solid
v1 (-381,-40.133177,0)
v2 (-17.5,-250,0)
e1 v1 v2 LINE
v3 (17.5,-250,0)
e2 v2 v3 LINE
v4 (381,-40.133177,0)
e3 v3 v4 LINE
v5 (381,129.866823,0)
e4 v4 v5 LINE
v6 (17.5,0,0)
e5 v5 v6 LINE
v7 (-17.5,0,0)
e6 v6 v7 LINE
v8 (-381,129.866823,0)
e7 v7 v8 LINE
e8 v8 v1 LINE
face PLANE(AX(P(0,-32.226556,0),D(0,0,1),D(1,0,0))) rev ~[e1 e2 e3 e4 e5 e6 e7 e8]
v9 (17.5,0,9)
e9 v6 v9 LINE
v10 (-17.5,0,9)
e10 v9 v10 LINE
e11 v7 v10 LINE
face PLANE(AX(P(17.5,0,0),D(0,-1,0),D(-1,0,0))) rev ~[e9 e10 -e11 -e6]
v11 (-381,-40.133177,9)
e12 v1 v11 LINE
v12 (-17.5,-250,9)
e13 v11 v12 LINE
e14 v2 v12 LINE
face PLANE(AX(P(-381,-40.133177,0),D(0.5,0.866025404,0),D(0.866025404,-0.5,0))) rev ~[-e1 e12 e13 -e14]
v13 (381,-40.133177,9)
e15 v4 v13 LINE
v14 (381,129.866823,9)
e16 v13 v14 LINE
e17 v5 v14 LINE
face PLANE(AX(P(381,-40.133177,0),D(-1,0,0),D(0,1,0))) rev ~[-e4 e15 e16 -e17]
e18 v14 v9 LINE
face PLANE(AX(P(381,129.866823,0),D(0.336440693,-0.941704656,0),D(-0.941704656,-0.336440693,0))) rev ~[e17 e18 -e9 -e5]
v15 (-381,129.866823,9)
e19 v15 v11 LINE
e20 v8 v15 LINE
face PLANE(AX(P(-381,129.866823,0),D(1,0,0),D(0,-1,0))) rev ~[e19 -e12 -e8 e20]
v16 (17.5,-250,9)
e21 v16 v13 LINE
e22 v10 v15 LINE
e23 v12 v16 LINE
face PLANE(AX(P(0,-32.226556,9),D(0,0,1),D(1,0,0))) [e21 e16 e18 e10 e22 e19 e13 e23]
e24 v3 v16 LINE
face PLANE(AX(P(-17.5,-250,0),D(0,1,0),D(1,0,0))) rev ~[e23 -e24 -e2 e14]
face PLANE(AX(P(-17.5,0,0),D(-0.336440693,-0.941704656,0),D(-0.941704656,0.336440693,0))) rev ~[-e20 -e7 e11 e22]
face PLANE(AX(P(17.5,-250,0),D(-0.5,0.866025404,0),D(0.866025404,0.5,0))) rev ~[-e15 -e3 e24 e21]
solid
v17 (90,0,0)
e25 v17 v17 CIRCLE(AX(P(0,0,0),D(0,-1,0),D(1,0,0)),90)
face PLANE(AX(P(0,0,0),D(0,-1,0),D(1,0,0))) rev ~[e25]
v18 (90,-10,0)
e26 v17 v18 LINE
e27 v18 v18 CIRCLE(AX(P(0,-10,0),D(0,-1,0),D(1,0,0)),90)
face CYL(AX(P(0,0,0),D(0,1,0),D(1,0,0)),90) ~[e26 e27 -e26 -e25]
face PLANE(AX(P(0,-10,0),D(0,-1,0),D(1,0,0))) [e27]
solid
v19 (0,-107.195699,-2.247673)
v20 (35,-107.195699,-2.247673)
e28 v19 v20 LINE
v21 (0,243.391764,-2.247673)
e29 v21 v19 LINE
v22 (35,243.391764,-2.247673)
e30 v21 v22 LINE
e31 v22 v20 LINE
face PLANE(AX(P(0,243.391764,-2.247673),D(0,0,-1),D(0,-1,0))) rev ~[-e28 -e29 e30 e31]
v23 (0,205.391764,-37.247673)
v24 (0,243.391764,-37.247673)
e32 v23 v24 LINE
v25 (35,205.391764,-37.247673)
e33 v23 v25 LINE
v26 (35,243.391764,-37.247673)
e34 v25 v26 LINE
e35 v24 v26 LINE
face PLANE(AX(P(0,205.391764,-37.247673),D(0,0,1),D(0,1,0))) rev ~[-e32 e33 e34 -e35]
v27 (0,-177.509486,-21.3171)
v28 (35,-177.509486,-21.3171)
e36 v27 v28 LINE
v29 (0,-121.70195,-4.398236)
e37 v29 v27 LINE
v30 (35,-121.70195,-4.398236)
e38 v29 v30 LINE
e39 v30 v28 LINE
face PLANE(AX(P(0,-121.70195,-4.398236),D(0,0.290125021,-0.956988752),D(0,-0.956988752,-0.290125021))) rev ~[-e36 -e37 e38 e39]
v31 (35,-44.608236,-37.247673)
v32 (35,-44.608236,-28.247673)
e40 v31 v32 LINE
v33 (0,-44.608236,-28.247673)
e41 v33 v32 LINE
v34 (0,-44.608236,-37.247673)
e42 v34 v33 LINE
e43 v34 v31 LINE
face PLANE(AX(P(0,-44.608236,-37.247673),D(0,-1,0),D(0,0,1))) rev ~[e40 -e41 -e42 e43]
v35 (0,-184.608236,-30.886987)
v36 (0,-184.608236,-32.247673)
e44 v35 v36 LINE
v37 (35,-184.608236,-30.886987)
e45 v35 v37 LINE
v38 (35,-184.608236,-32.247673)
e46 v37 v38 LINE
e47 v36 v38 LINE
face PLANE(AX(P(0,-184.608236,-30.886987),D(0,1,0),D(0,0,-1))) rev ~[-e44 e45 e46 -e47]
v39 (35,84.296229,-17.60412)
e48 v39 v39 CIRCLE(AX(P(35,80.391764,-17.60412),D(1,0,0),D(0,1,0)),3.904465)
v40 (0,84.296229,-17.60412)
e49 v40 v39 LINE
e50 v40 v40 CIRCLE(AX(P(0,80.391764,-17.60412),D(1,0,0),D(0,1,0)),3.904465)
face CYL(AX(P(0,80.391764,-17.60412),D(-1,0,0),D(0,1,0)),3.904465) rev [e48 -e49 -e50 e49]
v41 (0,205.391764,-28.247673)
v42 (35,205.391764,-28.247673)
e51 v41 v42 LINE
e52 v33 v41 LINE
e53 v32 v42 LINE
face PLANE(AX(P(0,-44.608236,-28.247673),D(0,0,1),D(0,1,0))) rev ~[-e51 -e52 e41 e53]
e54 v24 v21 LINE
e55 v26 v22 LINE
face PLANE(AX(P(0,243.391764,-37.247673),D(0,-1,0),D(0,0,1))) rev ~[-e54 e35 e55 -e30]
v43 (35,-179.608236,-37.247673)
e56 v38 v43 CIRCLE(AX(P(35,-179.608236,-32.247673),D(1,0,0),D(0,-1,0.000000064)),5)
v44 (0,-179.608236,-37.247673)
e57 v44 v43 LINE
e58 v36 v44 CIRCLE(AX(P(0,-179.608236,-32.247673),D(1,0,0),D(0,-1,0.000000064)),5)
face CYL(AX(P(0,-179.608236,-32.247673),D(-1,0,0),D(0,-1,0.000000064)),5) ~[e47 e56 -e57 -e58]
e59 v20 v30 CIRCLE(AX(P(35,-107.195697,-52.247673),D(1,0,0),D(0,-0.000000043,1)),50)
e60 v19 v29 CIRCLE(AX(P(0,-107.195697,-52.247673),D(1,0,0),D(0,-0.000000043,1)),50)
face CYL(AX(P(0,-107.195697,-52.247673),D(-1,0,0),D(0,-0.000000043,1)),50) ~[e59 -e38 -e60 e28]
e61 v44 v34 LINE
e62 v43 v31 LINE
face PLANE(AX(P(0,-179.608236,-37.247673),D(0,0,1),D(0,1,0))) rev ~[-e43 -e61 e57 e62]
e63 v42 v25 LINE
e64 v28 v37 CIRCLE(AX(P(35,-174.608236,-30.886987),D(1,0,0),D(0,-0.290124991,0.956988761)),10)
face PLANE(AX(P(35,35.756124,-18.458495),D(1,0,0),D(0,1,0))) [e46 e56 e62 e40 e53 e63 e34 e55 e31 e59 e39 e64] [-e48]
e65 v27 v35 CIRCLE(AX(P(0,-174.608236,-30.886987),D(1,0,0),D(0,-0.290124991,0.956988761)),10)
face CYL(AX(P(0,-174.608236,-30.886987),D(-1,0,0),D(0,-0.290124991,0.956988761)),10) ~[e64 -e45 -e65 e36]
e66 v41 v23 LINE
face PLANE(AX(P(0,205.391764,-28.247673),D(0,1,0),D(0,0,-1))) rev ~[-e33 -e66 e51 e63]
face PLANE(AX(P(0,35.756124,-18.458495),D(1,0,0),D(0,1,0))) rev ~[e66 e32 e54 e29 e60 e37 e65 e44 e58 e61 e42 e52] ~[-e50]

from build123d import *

# Parameters (mm, degrees)
F1_DEPTH = 9
F2_R     = 90
F3_DEPTH = 10
F4_R     = 3.904465
F5_DEPTH = 35


with BuildPart() as f1:
    # F0 (on Top) → F1 (new body)
    with BuildSketch(Plane.XY):
        Polygon((-17.5, 0), (-381, 129.866823), (-381, -40.133177), (-17.5, -250), (17.5, -250), (381, -40.133177), (381, 129.866823), (17.5, 0), (0, 0), align=None)
    extrude(amount=F1_DEPTH)


with BuildPart() as f3:
    # F2 (on Front) → F3 (new body)
    with BuildSketch(Plane.XZ):
        Circle(F2_R)
    extrude(amount=F3_DEPTH)


with BuildPart() as f5:
    # F4 (on Right) → F5 (new body)
    with BuildSketch(Plane.YZ):
        with BuildLine():
            Line((-114.608236, -37.247673), (-44.608236, -37.247673))
            Line((-44.608236, -37.247673), (-44.608236, -28.247673))
            Line((-44.608236, -28.247673), (80.391764, -28.247673))
            Line((80.391764, -28.247673), (205.391764, -28.247673))
            Line((205.391764, -28.247673), (205.391764, -37.247673))
            Line((205.391764, -37.247673), (243.391764, -37.247673))
            Line((243.391764, -37.247673), (243.391764, -2.247673))
            Line((243.391764, -2.247673), (-107.195699, -2.247673))
            ThreePointArc((-107.195699, -2.247673), (-114.528097, -2.788236), (-121.70195, -4.398236))
            Line((-121.70195, -4.398236), (-177.509486, -21.3171))
            ThreePointArc((-177.509486, -21.3171), (-182.639814, -24.929324), (-184.608236, -30.886987))
            Line((-184.608236, -30.886987), (-184.608236, -32.247673))
            ThreePointArc((-184.608236, -32.247673), (-183.14377, -35.783207), (-179.608236, -37.247673))
            Line((-179.608236, -37.247673), (-114.608236, -37.247673))
        make_face()
        with Locations((80.391764, -17.60412)):
            Circle(F4_R, mode=Mode.SUBTRACT)
    extrude(amount=F5_DEPTH)


solid = Compound([f1.part, f3.part, f5.part])
